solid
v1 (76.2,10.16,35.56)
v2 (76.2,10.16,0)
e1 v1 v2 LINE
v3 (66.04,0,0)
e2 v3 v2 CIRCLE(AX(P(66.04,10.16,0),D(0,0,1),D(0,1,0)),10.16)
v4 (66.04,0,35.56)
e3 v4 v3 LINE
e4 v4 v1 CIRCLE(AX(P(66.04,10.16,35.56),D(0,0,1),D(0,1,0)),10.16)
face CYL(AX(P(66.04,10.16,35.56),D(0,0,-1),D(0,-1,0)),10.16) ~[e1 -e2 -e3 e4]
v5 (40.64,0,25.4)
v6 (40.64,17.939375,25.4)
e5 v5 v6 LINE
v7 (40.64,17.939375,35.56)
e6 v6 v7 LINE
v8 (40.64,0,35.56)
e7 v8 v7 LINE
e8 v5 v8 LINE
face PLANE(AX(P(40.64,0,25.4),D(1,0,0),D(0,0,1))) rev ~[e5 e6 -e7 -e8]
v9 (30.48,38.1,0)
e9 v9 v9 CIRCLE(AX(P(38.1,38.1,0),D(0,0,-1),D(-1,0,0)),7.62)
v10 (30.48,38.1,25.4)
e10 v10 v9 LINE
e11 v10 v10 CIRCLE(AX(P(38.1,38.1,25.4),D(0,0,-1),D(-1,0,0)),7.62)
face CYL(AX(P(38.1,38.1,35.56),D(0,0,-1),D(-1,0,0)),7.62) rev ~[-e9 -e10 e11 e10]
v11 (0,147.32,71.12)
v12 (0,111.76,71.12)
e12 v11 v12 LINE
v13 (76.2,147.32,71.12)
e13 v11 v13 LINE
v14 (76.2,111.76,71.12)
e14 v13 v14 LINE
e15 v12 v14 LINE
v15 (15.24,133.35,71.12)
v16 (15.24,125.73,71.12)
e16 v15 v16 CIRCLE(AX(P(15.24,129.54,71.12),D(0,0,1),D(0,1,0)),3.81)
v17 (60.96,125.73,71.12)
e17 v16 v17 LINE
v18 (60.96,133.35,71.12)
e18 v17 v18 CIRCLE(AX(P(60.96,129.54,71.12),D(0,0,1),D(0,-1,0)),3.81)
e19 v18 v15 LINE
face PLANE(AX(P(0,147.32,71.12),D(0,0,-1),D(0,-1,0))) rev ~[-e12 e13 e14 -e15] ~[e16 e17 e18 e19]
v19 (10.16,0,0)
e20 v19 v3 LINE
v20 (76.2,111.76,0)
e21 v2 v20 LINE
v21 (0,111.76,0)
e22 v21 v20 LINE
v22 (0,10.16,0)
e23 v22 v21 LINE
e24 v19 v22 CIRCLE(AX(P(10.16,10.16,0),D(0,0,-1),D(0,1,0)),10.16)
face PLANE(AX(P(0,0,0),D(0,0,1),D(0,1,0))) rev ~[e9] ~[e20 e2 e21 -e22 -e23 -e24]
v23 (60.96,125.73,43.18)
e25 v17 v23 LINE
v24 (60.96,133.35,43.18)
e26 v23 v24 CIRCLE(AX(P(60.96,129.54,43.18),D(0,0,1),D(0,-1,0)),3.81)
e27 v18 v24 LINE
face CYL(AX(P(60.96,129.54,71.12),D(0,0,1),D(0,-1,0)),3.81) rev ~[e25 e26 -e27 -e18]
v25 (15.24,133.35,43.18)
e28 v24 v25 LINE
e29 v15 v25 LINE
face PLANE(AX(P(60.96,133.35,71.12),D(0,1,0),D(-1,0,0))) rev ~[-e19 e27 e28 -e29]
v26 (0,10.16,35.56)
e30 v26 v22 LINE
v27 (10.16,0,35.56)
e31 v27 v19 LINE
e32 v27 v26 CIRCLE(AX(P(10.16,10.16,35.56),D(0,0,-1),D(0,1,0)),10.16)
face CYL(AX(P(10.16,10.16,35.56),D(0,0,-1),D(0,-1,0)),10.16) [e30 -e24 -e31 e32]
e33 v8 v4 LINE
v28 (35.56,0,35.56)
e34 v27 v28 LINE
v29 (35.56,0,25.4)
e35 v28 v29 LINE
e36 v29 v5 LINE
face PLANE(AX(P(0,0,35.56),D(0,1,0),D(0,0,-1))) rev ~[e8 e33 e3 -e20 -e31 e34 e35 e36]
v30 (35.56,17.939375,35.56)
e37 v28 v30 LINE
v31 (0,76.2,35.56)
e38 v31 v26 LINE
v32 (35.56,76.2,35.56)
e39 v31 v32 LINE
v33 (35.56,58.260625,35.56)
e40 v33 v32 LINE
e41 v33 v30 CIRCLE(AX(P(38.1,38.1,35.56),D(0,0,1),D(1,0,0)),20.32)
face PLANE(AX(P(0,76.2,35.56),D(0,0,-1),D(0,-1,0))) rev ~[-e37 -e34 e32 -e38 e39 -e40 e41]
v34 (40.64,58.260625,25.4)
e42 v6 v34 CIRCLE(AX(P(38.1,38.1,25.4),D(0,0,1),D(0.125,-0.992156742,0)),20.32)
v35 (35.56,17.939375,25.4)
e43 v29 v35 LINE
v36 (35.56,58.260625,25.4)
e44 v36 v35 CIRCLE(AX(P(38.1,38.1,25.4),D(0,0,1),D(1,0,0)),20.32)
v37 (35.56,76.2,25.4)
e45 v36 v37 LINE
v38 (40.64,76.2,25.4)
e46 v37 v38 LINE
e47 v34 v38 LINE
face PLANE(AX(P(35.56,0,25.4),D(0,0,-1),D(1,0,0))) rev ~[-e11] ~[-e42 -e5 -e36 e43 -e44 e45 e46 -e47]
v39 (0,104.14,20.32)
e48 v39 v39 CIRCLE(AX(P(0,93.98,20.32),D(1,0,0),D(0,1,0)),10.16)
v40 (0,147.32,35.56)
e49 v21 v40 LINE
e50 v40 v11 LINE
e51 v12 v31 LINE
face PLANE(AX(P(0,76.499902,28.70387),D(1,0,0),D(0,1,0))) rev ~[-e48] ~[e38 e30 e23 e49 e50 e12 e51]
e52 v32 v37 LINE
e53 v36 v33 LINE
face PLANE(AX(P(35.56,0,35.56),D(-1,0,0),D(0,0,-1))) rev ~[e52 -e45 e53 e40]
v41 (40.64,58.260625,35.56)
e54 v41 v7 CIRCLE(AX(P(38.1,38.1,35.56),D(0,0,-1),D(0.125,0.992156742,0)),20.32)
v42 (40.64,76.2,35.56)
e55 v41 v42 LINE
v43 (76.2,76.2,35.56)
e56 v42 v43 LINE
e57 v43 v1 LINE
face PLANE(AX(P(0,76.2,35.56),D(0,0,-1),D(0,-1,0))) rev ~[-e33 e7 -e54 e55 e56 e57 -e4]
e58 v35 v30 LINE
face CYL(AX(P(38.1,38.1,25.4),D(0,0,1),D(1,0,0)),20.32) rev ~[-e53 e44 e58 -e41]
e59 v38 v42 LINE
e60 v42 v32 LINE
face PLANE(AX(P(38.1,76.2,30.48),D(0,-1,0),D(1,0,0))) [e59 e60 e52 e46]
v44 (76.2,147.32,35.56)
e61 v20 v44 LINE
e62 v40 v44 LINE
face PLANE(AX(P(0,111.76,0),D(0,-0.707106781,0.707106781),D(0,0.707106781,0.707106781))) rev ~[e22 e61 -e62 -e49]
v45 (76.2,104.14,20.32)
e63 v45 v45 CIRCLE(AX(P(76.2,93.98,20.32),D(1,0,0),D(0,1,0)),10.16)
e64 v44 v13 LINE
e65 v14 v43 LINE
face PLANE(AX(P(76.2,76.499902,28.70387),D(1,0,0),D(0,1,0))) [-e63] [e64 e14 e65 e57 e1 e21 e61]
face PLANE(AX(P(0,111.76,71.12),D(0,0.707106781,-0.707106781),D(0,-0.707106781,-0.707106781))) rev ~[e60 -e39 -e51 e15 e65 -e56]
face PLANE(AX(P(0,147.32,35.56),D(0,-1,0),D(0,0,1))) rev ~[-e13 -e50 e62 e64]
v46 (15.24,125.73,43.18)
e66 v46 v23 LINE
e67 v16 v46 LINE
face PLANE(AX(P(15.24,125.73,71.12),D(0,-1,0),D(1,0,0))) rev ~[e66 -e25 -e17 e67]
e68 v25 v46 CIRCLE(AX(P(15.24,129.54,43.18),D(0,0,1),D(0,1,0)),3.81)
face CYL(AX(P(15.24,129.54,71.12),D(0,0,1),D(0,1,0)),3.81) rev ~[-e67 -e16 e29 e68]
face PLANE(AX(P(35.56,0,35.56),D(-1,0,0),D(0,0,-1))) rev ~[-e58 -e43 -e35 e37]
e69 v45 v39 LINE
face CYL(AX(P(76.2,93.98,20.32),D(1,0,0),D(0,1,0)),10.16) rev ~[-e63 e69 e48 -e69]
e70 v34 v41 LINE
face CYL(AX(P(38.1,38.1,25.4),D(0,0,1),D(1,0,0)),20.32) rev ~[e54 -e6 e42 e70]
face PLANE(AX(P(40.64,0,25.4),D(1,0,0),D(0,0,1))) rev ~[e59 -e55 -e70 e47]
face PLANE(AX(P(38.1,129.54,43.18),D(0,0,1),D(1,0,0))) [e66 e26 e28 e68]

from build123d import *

# Parameters (mm, degrees)
F1_DEPTH       = 76.2
F3_D           = 15.24
F3_CBORE_D     = 40.64
F3_CBORE_DEPTH = 10.16
F5_DEPTH       = 76.2
F6_R           = 10.16
F7_DEPTH       = 76.2
F9_DEPTH       = 27.94
F10_R          = 10.16


with BuildPart() as f1:
    # F0 (on Right) → F1 (new body)
    with BuildSketch(Plane.YZ):
        Polygon((0, 35.56), (0, 0), (111.76, 0), (147.32, 35.56), (147.32, 71.12), (111.76, 71.12), (76.2, 35.56), align=None)
    extrude(amount=F1_DEPTH)

    # F3 (through all)
    with Locations(Plane.XY.offset(35.56)):
        with Locations((38.1, 38.1)):
            CounterBoreHole(F3_D / 2, F3_CBORE_D / 2, F3_CBORE_DEPTH)

    # F4 (on face) → F5 (cut)
    with BuildSketch(Plane.XZ):
        Polygon((40.64, 35.56), (38.1, 35.56), (35.56, 35.56), (35.56, 25.4), (40.64, 25.4), align=None)
    extrude(amount=-F5_DEPTH, mode=Mode.SUBTRACT)

    # F6 (on face) → F7 (cut)
    with BuildSketch(Plane.YZ.offset(76.2)):
        with Locations((93.98, 20.32)):
            Circle(F6_R)
    extrude(amount=-F7_DEPTH, mode=Mode.SUBTRACT)

    # F8 (on face) → F9 (cut)
    with BuildSketch(Plane.XY.offset(71.12)):
        with BuildLine():
            Line((60.96, 133.35), (15.24, 133.35))
            ThreePointArc((15.24, 133.35), (11.43, 129.54), (15.24, 125.73))
            Line((15.24, 125.73), (60.96, 125.73))
            ThreePointArc((60.96, 125.73), (64.77, 129.54), (60.96, 133.35))
        make_face()
    extrude(amount=-F9_DEPTH, mode=Mode.SUBTRACT)

    # F10
    f10_edges = [f1.edges().sort_by_distance(p)[0] for p in [
        (0, 0, 17.78),
        (76.2, 0, 17.78),
    ]]
    fillet(f10_edges, radius=F10_R)


solid = f1.part
